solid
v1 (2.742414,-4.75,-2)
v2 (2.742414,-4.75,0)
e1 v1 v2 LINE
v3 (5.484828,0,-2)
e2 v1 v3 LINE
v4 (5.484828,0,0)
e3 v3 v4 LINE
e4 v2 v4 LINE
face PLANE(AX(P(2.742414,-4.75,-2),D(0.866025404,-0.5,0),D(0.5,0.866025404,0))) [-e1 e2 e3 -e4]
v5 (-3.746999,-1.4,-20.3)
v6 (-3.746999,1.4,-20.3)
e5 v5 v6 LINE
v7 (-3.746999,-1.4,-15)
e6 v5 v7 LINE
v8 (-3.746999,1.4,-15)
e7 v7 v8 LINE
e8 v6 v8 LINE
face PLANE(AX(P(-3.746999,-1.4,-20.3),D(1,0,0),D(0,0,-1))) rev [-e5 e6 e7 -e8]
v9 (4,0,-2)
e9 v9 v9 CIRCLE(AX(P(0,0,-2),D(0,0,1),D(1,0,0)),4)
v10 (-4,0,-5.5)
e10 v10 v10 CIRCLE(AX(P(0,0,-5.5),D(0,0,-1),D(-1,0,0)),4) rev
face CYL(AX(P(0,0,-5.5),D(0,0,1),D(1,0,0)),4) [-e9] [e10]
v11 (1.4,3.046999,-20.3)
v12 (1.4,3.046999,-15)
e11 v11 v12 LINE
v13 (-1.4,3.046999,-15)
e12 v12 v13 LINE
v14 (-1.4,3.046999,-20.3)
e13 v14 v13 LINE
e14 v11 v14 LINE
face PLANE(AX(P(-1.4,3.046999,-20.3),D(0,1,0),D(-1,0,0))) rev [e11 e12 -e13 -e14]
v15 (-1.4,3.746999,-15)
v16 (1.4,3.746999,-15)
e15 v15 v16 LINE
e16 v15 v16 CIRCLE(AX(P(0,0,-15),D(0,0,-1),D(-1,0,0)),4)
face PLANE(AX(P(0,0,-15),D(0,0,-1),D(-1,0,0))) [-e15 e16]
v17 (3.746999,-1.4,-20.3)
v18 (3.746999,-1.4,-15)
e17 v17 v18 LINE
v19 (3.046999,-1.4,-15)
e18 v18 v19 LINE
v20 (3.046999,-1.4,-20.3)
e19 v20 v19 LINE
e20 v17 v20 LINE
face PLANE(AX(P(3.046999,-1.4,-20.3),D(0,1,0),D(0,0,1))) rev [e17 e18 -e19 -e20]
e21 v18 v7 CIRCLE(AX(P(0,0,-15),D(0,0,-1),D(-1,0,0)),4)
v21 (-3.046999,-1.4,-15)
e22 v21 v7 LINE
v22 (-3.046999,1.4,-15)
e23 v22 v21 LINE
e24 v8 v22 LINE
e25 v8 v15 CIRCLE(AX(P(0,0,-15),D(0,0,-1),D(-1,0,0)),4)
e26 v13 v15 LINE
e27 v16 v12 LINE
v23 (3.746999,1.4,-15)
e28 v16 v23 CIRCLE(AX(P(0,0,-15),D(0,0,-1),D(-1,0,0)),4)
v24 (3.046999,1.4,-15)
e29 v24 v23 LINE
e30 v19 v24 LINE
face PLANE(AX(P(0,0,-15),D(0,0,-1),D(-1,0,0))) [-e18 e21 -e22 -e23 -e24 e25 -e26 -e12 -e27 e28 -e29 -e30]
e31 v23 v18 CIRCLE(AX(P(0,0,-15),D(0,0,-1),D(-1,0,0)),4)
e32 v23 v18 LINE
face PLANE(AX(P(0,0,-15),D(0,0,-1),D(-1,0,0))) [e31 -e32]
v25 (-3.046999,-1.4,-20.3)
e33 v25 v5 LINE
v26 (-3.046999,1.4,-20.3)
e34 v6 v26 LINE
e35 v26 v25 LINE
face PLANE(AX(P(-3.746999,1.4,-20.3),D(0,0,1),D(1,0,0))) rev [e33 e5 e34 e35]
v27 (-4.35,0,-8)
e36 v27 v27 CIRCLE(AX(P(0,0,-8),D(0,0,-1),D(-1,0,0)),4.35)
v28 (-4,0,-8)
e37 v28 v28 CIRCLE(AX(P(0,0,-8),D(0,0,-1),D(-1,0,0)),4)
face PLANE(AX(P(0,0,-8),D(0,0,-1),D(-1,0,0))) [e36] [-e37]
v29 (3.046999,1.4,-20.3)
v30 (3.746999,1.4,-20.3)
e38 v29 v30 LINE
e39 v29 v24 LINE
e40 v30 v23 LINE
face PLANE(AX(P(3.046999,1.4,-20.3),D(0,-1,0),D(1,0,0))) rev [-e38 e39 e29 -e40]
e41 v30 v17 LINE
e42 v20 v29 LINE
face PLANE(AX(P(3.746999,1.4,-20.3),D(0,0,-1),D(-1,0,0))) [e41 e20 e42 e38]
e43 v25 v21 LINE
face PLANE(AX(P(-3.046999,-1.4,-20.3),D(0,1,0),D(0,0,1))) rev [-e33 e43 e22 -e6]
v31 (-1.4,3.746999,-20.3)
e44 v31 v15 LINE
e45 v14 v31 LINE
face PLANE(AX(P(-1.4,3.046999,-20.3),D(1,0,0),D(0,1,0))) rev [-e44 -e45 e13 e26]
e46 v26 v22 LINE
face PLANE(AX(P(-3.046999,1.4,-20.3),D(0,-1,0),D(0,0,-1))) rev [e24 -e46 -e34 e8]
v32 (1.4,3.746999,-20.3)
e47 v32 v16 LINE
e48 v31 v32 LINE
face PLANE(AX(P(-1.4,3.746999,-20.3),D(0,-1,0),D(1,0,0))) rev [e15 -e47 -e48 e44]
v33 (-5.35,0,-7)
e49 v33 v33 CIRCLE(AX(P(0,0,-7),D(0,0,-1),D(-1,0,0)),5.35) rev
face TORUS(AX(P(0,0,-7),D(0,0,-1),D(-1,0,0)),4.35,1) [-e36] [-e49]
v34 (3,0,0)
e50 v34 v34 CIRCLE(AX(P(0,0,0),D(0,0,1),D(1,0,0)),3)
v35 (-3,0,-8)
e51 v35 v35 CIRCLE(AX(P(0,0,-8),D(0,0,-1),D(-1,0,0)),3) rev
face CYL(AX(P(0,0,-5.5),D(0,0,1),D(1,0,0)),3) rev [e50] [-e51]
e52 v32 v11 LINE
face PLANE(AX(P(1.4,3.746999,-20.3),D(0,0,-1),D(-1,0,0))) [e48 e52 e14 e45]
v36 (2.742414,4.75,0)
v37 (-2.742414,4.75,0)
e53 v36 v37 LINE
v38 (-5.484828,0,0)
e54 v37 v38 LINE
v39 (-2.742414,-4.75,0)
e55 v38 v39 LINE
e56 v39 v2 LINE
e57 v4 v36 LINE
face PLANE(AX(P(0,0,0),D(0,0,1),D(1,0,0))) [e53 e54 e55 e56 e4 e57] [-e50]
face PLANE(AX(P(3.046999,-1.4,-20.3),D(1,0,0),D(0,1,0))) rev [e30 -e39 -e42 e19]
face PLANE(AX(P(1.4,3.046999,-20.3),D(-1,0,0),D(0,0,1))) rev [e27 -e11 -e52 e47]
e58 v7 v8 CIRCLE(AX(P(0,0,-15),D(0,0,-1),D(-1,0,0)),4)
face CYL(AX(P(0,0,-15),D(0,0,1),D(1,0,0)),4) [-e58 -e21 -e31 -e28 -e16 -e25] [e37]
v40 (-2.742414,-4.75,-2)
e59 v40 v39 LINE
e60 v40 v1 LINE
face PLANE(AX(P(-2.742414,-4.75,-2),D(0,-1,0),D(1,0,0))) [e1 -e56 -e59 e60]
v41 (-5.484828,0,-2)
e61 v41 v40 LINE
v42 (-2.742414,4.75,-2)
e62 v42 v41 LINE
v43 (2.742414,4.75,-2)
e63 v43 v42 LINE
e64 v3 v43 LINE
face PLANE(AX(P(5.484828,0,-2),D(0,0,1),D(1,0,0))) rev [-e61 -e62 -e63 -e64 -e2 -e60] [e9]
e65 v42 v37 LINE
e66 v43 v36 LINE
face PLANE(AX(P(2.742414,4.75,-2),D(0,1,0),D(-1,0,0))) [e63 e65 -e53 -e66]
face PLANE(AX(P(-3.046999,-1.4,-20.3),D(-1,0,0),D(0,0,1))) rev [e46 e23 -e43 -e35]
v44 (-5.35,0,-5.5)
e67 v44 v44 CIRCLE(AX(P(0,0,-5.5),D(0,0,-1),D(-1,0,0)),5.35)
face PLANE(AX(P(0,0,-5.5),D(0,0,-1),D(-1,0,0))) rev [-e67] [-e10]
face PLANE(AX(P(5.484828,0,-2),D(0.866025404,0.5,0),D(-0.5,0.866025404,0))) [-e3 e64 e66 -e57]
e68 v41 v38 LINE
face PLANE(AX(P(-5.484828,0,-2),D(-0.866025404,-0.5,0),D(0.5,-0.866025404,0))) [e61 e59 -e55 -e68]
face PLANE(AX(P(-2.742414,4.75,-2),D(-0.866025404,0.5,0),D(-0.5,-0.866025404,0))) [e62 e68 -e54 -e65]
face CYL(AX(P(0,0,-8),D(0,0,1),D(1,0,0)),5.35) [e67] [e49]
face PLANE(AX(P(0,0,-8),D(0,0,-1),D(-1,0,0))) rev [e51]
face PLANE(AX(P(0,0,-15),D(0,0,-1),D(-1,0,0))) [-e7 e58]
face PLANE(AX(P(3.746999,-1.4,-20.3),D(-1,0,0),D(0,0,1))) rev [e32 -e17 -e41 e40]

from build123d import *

# Parameters (mm, degrees)
CROQUIS1_R              = 4
CROQUIS1_R_2            = 3
SALIENTE_EXTRUIR1_DEPTH = 5.5
CROQUIS2_R              = 5.35
CROQUIS2_R_2            = 3
SALIENTE_EXTRUIR2_DEPTH = 2.5
REDONDEO1_R             = 1
CROQUIS3_R              = 4
SALIENTE_EXTRUIR3_DEPTH = 7
CROQUIS4_W              = 2.8
CROQUIS4_H              = 0.7
CROQUIS4_W_2            = 0.7
CROQUIS4_H_2            = 2.8
SALIENTE_EXTRUIR4_DEPTH = 5.3
CROQUIS5_R              = 4
SALIENTE_EXTRUIR5_DEPTH = 2


with BuildPart() as part:
    # Croquis1 → Saliente-Extruir1 (new body)
    with BuildSketch(Plane.XY):
        Circle(CROQUIS1_R)
        Circle(CROQUIS1_R_2, mode=Mode.SUBTRACT)
    extrude(amount=-SALIENTE_EXTRUIR1_DEPTH)

    # Croquis2 → Saliente-Extruir2 (add)
    with BuildSketch(Plane(origin=(0, 0, -5.5), x_dir=(-1, 0, 0), z_dir=(0, 0, -1))):
        Circle(CROQUIS2_R)
        with Locations(Location((0, 0, 0), (0, 0, 180))):
            Circle(CROQUIS2_R_2, mode=Mode.SUBTRACT)
    extrude(amount=SALIENTE_EXTRUIR2_DEPTH)

    # Redondeo1
    redondeo1_edges = [part.edges().sort_by_distance(p)[0] for p in [
        (5.35, 0, -8),
    ]]
    fillet(redondeo1_edges, radius=REDONDEO1_R)

    # Croquis3 → Saliente-Extruir3 (add)
    with BuildSketch(Plane(origin=(0, 0, -8), x_dir=(-1, 0, 0), z_dir=(0, 0, -1))):
        with Locations(Location((0, 0, 0), (0, 0, 180))):
            Circle(CROQUIS3_R)
    extrude(amount=SALIENTE_EXTRUIR3_DEPTH)

    # Croquis4 → Saliente-Extruir4 (add)
    with BuildSketch(Plane(origin=(0, 0, -15), x_dir=(-1, 0, 0), z_dir=(0, 0, -1))):
        with Locations((0, 3.396998799)):
            Rectangle(CROQUIS4_W, CROQUIS4_H)
        with Locations((-3.396998799, 0)):
            Rectangle(CROQUIS4_W_2, CROQUIS4_H_2)
        with Locations((3.396998799, 0)):
            Rectangle(CROQUIS4_W_2, CROQUIS4_H_2)
    extrude(amount=SALIENTE_EXTRUIR4_DEPTH)

    # Croquis5 → Saliente-Extruir5 (add)
    with BuildSketch(Plane.XY):
        Polygon((5.484827557, 0), (2.742413779, 4.75), (-2.742413779, 4.75), (-5.484827557, 0), (-2.742413779, -4.75), (2.742413779, -4.75), align=None)
        Circle(CROQUIS5_R, mode=Mode.SUBTRACT)
    extrude(amount=-SALIENTE_EXTRUIR5_DEPTH)


solid = part.part
